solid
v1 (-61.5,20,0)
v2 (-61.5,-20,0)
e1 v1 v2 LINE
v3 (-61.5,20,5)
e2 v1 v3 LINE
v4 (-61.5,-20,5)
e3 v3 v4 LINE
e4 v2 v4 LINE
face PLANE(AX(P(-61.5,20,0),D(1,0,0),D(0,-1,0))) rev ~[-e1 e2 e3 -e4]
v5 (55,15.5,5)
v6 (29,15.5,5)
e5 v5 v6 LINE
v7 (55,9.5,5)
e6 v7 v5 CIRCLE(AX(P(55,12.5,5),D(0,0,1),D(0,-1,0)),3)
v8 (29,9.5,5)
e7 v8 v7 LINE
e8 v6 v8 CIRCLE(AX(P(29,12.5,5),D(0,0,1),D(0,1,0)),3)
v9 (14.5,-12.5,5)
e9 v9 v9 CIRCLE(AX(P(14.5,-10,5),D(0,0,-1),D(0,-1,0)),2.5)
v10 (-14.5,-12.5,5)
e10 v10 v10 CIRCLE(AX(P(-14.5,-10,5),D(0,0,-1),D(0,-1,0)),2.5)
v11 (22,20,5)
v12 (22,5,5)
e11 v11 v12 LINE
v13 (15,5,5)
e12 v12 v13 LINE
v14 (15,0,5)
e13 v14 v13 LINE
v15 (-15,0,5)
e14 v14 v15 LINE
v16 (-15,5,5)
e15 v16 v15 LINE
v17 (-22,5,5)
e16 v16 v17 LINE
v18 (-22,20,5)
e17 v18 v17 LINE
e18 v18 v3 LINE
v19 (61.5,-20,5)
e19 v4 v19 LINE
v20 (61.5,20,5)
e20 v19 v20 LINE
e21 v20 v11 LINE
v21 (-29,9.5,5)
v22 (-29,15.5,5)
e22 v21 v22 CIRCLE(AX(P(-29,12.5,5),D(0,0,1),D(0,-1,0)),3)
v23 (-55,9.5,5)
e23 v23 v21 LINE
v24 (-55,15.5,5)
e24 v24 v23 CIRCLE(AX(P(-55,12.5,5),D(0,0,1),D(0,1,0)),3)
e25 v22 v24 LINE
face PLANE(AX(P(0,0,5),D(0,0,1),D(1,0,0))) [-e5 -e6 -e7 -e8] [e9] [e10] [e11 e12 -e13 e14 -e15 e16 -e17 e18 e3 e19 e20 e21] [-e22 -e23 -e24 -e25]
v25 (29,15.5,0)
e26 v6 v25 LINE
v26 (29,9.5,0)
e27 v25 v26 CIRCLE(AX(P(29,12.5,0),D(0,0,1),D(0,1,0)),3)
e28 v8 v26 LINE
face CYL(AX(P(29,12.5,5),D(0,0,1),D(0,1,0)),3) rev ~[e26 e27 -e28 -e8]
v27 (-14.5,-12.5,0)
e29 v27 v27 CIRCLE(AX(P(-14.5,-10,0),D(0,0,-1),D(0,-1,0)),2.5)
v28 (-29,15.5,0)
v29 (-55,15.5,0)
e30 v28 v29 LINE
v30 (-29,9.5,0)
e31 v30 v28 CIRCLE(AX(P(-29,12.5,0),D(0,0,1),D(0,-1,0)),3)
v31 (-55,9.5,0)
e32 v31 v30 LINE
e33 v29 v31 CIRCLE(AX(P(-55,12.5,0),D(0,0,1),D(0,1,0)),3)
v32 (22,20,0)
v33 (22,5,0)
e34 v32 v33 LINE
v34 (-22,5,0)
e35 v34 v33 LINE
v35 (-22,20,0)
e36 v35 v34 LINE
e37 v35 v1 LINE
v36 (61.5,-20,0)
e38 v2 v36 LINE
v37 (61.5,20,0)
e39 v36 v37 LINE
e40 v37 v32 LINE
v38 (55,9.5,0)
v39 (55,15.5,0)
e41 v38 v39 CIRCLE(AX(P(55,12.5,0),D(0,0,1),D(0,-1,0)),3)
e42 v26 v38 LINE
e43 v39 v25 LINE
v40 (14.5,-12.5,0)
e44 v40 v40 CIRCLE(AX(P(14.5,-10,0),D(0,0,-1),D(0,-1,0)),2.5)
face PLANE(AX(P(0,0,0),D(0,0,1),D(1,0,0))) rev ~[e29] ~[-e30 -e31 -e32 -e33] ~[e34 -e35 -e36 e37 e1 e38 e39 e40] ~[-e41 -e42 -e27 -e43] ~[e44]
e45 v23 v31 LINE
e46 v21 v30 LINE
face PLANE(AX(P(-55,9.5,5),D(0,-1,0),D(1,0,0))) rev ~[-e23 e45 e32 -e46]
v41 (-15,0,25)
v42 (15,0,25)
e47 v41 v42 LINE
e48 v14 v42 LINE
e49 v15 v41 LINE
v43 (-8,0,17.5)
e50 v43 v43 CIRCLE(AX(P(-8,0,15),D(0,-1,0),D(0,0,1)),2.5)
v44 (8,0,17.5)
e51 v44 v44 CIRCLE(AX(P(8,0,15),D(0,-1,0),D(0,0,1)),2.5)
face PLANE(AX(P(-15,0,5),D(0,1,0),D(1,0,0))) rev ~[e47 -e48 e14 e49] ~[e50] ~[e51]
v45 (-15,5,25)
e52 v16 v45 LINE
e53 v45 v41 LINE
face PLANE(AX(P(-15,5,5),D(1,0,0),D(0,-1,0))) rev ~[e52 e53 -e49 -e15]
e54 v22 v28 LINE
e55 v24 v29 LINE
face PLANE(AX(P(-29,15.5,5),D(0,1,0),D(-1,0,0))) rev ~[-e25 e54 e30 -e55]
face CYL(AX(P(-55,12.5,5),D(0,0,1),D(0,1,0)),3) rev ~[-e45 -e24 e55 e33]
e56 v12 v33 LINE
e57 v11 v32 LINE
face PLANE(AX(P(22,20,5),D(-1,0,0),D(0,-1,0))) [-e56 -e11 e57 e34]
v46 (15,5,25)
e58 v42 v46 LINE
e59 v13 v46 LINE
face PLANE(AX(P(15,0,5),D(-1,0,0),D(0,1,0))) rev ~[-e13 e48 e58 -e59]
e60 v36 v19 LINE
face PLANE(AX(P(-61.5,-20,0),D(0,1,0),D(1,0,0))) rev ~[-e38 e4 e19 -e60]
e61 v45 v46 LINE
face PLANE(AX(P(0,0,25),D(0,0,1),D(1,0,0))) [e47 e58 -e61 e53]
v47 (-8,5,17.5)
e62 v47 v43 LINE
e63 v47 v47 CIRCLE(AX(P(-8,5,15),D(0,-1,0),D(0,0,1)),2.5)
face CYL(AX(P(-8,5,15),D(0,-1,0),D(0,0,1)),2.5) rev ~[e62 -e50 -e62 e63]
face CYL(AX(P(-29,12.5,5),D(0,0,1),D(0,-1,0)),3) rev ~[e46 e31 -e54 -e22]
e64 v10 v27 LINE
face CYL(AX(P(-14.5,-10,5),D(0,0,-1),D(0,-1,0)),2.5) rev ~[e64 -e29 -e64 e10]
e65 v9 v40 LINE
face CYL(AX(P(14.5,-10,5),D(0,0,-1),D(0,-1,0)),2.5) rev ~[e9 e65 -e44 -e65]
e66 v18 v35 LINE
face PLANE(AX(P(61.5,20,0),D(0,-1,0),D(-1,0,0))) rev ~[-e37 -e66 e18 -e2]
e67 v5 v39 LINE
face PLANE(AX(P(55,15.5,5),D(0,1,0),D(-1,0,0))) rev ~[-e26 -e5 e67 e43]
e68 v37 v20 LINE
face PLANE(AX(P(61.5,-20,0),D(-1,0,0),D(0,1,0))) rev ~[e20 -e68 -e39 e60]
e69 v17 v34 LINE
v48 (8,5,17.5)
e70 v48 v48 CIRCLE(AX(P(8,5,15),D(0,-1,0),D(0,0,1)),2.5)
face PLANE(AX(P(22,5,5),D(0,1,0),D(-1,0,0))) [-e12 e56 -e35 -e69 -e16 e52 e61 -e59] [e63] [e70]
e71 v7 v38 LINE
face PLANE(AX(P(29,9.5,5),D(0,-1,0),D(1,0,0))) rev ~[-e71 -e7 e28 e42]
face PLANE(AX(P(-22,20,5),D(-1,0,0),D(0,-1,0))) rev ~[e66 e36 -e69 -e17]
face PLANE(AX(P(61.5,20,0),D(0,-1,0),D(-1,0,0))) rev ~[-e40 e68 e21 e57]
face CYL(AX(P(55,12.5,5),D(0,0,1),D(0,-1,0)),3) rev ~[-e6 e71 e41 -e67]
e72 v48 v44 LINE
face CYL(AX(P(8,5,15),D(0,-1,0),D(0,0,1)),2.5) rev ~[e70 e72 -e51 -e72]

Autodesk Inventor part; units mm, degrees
ref_plane "YZ Plane" through (0, 0, 0) normal (1, 0, 0) x (0, 1, 0)
ref_plane "XZ Plane" through (0, 0, 0) normal (0, 1, 0) x (-1, 0, 0)
ref_plane "XY Plane" through (0, 0, 0) normal (0, 0, 1) x (1, 0, 0)
sketch "スケッチ1" plane through (0, 0, 0) normal (0, 0, 1) x (1, 0, 0)
  line L0 (-61.5, -20) -> (61.5, -20)
  line L1 (61.5, -20) -> (61.5, 20)
  line L2 (61.5, 20) -> (-61.5, 20)
  line L3 (-61.5, 20) -> (-61.5, -20)
  line L4 (-61.5, -20) -> (61.5, 20) construction
  line L5 (61.5, -20) -> (-61.5, 20) construction
  point P0 (0, 0)
  dimension "d0" = 123
  dimension "d1" = 40
extrude "押し出し1" add sketch "スケッチ1" along normal blind 5
sketch "スケッチ2" plane through (0, 0, 5) normal (0, 0, 1) x (1, 0, 0)
  line L0 (61.5, 20) -> (-61.5, 20) projected
  line L1 (0, 20) -> (22, 20)
  line L2 (22, 20) -> (22, 5)
  line L3 (22, 5) -> (0, 5)
  line L4 (0, 5) -> (0, 20)
  line L5 (0, 20) -> (-22, 20)
  line L6 (-22, 20) -> (-22, 5)
  line L7 (-22, 5) -> (0, 5)
  line L8 (0, 5) -> (0, 20)
  point P0 (0, 0)
  dimension "d4" = 22
  dimension "d5" = 15
  dimension "d6" = 22
extrude "押し出し2" cut sketch "スケッチ2" against normal blind 5
sketch "スケッチ3" plane through (0, 0, 5) normal (0, 0, 1) x (1, 0, 0)
  line L0 (61.5, 20) -> (22, 20) projected
  line L1 (-22, 5) -> (-22, 20) projected
  line L2 (22, 20) -> (22, 5) projected
  line L3 (-29, 12.5) -> (-55, 12.5) construction
  line L4 (-29, 15.5) -> (-55, 15.5)
  line L5 (-55, 9.5) -> (-29, 9.5)
  arc A0 (-29, 9.5) -> (-29, 15.5) centre (-29, 12.5) ccw
  arc A1 (-55, 15.5) -> (-55, 9.5) centre (-55, 12.5) ccw
  line L6 (55, 12.5) -> (29, 12.5) construction
  line L7 (55, 15.5) -> (29, 15.5)
  line L8 (29, 9.5) -> (55, 9.5)
  arc A2 (55, 9.5) -> (55, 15.5) centre (55, 12.5) ccw
  arc A3 (29, 15.5) -> (29, 9.5) centre (29, 12.5) ccw
  point P0 (0, 0)
  point P1 (42, 12.5)
  point P2 (-42, 12.5)
  dimension "d9" = 7.5
  dimension "d10" = 20
  dimension "d11" = 20
  dimension "d12" = 32
  dimension "d13" = 6
  dimension "d14" = 32
  dimension "d15" = 6
extrude "押し出し3" cut sketch "スケッチ3" against normal blind 5
sketch "スケッチ4" plane through (0, 0, 5) normal (0, 0, 1) x (1, 0, 0)
  line L0 (-61.5, -20) -> (61.5, -20) projected
  line L1 (61.5, -20) -> (61.5, 20) projected
  line L2 (-61.5, 20) -> (-61.5, -20) projected
  point P0 (0, 0)
  point P1 (14.5, -10)
  point P2 (-14.5, -10)
  dimension "d18" = 10
  dimension "d19" = 47
  dimension "d20" = 47
  dimension "d21" = 10
hole "穴1" at (14.5, -10, 5) at (-14.5, -10, 5) direction (0, 0, -1) diameter 5 depth 8.8 tip angle 118
sketch "スケッチ5" plane through (0, 0, 5) normal (0, 0, 1) x (1, 0, 0)
  line L0 (-22, 5) -> (22, 5) projected
  line L1 (0, 5) -> (-15, 5)
  line L2 (-15, 5) -> (-15, 0)
  line L3 (-15, 0) -> (0, 0)
  line L4 (0, 0) -> (0, 5)
  line L5 (0, 0) -> (15, 0)
  line L6 (15, 0) -> (15, 5)
  line L7 (15, 5) -> (0, 5)
  line L8 (0, 5) -> (0, 0)
  point P0 (0, 0)
  dimension "d29" = 15
  dimension "d30" = 15
extrude "押し出し4" add sketch "スケッチ5" along normal blind 20
sketch "スケッチ6" plane through (-15, 0, 5) normal (0, -1, 0) x (1, 0, 0)
  point P0 (15, -5)
sketch "スケッチ7" plane through (-22, 5, 0) normal (0, 1, 0) x (1, 0, 0)
  line L0 (37, -25) -> (7, -25) projected
  line L1 (37, -5) -> (37, -25) projected
  line L2 (7, -5) -> (7, -25) projected
  point P0 (22, 0)
  point P1 (30, -15)
  point P2 (14, -15)
  dimension "d33" = 10
  dimension "d34" = 10
  dimension "d35" = 7
  dimension "d36" = 7
hole "穴2" at (8, 5, 15) at (-8, 5, 15) direction (0, -1, 0) diameter 5 depth 8.8 tip angle 118
properties part number "20230309gamma"
